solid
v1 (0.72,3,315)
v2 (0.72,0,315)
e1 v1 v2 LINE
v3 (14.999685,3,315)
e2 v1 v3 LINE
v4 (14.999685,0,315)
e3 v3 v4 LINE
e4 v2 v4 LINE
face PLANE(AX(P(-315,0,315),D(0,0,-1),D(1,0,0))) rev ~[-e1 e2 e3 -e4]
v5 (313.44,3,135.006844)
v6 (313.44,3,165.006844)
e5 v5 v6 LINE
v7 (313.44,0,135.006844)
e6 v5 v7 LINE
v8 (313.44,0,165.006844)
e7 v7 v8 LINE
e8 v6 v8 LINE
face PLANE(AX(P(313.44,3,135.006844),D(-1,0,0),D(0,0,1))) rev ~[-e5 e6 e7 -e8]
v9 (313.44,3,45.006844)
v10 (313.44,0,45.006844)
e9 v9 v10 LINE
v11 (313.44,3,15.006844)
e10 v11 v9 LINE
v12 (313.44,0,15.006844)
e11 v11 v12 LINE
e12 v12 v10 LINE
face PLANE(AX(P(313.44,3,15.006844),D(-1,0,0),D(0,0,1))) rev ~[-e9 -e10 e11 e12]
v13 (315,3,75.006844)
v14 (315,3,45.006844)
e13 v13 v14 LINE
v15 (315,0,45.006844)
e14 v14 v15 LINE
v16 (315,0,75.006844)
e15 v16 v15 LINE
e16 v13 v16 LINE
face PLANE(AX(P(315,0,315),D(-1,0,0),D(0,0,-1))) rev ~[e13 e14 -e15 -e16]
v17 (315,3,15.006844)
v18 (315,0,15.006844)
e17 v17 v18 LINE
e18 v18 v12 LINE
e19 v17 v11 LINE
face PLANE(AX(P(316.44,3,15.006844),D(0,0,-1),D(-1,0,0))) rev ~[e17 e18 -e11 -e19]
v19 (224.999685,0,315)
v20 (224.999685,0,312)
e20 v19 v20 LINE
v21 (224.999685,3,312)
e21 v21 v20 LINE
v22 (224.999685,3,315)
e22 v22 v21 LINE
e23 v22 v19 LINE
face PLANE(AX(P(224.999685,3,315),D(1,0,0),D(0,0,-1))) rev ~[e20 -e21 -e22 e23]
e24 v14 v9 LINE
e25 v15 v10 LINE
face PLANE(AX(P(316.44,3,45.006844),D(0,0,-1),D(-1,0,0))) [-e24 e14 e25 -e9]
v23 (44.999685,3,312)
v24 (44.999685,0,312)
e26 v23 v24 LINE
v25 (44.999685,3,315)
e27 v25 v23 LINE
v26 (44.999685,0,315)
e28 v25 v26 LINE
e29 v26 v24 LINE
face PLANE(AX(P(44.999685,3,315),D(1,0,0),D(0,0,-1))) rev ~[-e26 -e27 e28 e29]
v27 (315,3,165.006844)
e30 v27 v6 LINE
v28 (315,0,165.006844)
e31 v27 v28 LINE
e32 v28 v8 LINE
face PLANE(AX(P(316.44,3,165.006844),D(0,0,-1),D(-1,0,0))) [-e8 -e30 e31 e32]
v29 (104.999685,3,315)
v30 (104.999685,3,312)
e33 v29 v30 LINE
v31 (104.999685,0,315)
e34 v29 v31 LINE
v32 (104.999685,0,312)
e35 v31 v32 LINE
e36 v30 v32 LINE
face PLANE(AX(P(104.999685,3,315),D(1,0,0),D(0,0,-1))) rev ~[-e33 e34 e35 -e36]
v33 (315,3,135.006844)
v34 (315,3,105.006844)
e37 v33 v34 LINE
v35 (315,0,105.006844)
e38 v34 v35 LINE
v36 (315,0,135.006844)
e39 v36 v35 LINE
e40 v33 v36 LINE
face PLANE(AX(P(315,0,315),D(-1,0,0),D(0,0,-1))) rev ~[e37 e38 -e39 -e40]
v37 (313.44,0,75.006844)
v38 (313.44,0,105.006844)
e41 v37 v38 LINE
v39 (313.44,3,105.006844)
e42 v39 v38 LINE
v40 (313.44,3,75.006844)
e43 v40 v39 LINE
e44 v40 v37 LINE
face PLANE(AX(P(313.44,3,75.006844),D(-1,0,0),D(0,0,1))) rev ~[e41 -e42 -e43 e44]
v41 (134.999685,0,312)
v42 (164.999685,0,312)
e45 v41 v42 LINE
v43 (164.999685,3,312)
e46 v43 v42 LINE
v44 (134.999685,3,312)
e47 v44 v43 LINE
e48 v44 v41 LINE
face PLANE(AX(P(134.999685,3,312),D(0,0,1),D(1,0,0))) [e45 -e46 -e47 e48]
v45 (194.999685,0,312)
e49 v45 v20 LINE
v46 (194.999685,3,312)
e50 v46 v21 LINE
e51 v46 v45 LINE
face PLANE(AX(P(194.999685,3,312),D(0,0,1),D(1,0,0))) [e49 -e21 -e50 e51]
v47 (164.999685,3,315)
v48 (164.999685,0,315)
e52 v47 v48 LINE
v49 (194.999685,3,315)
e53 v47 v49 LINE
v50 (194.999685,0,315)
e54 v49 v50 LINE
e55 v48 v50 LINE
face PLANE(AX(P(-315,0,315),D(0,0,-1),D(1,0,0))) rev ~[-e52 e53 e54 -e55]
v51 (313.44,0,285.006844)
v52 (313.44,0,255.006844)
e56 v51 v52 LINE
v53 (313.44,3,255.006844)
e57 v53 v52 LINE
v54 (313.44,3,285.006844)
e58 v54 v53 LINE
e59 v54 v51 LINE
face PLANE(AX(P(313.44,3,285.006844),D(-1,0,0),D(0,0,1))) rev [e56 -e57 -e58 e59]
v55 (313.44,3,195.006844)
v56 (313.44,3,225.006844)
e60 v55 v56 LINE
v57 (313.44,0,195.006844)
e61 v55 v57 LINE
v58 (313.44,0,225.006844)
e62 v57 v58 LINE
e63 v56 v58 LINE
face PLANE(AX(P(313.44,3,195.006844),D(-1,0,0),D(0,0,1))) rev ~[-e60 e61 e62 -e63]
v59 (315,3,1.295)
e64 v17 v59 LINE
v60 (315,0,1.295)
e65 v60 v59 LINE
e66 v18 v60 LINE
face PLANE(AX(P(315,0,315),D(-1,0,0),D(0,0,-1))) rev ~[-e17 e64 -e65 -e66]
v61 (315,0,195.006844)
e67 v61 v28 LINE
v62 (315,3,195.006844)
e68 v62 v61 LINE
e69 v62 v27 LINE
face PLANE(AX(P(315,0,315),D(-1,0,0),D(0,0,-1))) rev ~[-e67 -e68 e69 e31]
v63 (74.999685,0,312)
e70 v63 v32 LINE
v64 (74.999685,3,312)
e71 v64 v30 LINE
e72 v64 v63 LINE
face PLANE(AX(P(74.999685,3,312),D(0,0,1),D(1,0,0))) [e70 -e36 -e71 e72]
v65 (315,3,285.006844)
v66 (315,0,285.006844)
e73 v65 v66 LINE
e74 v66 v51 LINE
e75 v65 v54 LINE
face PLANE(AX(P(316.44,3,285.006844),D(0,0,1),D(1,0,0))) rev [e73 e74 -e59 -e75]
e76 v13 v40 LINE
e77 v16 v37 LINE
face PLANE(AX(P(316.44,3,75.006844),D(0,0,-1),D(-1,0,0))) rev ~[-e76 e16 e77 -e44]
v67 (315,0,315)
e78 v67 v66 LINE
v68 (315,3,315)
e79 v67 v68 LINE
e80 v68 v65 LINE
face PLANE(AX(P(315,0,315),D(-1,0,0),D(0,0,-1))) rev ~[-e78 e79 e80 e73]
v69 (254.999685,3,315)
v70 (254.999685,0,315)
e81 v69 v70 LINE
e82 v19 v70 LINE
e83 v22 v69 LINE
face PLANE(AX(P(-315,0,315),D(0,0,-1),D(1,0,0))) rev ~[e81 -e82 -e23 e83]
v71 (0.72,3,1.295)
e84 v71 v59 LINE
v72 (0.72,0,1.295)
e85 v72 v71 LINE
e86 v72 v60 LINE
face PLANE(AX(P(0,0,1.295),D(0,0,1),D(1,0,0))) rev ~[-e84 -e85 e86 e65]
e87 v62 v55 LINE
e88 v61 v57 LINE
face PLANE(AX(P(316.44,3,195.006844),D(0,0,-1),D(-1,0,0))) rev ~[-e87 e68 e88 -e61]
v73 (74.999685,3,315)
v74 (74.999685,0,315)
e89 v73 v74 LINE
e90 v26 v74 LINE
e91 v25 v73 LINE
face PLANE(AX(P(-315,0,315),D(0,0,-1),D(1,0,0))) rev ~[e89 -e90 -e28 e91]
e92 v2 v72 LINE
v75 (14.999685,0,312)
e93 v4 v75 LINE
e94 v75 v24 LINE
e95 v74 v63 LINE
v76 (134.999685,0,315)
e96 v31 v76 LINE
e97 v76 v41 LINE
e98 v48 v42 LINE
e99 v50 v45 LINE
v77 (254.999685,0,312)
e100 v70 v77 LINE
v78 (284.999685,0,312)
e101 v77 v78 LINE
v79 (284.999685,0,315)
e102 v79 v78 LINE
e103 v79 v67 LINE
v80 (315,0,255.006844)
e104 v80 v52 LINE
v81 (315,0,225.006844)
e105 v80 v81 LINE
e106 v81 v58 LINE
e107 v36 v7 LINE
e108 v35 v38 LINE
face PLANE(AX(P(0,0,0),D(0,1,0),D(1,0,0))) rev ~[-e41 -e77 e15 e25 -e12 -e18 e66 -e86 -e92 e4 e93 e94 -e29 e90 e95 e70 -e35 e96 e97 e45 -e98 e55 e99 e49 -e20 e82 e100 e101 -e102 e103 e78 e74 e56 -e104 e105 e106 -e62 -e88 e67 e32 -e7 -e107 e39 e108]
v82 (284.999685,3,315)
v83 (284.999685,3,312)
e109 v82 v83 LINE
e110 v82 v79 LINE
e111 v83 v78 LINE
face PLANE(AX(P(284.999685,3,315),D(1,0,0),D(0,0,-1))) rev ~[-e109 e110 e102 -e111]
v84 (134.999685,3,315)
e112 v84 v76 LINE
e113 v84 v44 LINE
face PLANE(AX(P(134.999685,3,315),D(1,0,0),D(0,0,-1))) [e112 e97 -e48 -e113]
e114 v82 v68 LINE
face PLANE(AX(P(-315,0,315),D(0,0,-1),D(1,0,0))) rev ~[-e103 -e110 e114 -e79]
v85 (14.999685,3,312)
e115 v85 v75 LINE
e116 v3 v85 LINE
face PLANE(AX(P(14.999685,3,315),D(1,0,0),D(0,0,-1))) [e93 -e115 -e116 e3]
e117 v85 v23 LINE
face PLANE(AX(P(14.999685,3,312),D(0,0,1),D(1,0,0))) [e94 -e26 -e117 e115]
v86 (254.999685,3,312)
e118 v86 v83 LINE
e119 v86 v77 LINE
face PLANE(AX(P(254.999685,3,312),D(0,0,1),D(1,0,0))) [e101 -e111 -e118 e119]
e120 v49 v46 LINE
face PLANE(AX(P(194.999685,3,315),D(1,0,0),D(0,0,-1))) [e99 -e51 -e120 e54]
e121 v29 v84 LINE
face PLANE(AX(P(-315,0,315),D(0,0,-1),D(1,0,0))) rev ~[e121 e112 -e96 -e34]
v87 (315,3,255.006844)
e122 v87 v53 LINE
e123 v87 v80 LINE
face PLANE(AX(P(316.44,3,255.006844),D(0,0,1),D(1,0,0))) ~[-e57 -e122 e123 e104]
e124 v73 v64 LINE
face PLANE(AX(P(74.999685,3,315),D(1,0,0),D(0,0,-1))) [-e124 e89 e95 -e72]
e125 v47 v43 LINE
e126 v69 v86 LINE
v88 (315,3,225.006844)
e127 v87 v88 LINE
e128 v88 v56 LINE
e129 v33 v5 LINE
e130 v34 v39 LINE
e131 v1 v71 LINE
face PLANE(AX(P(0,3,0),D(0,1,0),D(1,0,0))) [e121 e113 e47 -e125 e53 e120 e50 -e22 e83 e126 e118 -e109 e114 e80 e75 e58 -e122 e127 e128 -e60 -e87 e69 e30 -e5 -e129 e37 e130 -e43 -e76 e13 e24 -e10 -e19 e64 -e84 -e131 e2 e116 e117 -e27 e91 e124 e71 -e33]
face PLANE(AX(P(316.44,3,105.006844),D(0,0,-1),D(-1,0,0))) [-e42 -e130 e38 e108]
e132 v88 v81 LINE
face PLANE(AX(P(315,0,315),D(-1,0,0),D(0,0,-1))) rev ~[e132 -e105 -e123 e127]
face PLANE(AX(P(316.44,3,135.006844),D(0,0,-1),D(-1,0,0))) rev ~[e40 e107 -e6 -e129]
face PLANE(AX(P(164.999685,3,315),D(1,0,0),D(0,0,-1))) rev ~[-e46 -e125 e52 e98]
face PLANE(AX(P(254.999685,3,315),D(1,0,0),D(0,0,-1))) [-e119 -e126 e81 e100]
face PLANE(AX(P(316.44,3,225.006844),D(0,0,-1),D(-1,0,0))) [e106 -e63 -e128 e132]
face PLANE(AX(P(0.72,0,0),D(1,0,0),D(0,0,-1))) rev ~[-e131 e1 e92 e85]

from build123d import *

# Parameters (mm, degrees)
SKETCH1_W               = 630
SKETCH1_H               = 630
BOSS_EXTRUDE1_DEPTH     = 3
SKETCH3_W               = 3
SKETCH3_H               = 30
CUT_EXTRUDE2_DEPTH      = 3
LPATTERN2_COUNT         = 10
LPATTERN2_PITCH         = 60
MIRROR1_COPY_1_SKETCH_W = 3
MIRROR1_COPY_1_SKETCH_H = 30
MIRROR1_COPY_1_DEPTH    = 3
MIRROR1_COPY_2_SKETCH_W = 3
MIRROR1_COPY_2_SKETCH_H = 30
MIRROR1_COPY_2_DEPTH    = 3
MIRROR1_COPY_3_SKETCH_W = 3
MIRROR1_COPY_3_SKETCH_H = 30
MIRROR1_COPY_3_DEPTH    = 3
MIRROR1_COPY_4_SKETCH_W = 3
MIRROR1_COPY_4_SKETCH_H = 30
MIRROR1_COPY_4_DEPTH    = 3
MIRROR1_COPY_5_SKETCH_W = 3
MIRROR1_COPY_5_SKETCH_H = 30
MIRROR1_COPY_5_DEPTH    = 3
MIRROR1_COPY_6_SKETCH_W = 3
MIRROR1_COPY_6_SKETCH_H = 30
MIRROR1_COPY_6_DEPTH    = 3
MIRROR1_COPY_7_SKETCH_W = 3
MIRROR1_COPY_7_SKETCH_H = 30
MIRROR1_COPY_7_DEPTH    = 3
MIRROR1_COPY_8_SKETCH_W = 3
MIRROR1_COPY_8_SKETCH_H = 30
MIRROR1_COPY_8_DEPTH    = 3
MIRROR1_COPY_9_SKETCH_W = 3
MIRROR1_COPY_9_SKETCH_H = 30
MIRROR1_COPY_9_DEPTH    = 3
SKETCH5_W               = 30
SKETCH5_H               = 3
CUT_EXTRUDE3_DEPTH      = 3
LPATTERN3_COUNT         = 10
LPATTERN3_PITCH         = 60
MIRROR2_COPY_1_SKETCH_W = 30
MIRROR2_COPY_1_SKETCH_H = 3
MIRROR2_COPY_1_DEPTH    = 3
MIRROR2_COPY_2_SKETCH_W = 30
MIRROR2_COPY_2_SKETCH_H = 3
MIRROR2_COPY_2_DEPTH    = 3
MIRROR2_COPY_3_SKETCH_W = 30
MIRROR2_COPY_3_SKETCH_H = 3
MIRROR2_COPY_3_DEPTH    = 3
MIRROR2_COPY_4_SKETCH_W = 30
MIRROR2_COPY_4_SKETCH_H = 3
MIRROR2_COPY_4_DEPTH    = 3
MIRROR2_COPY_5_SKETCH_W = 30
MIRROR2_COPY_5_SKETCH_H = 3
MIRROR2_COPY_5_DEPTH    = 3
MIRROR2_COPY_6_SKETCH_W = 30
MIRROR2_COPY_6_SKETCH_H = 3
MIRROR2_COPY_6_DEPTH    = 3
MIRROR2_COPY_7_SKETCH_W = 30
MIRROR2_COPY_7_SKETCH_H = 3
MIRROR2_COPY_7_DEPTH    = 3
MIRROR2_COPY_8_SKETCH_W = 30
MIRROR2_COPY_8_SKETCH_H = 3
MIRROR2_COPY_8_DEPTH    = 3
MIRROR2_COPY_9_SKETCH_W = 30
MIRROR2_COPY_9_SKETCH_H = 3
MIRROR2_COPY_9_DEPTH    = 3


with BuildPart() as part:
    # Sketch1 → Boss-Extrude1 (new body)
    with BuildSketch(Plane(origin=(0, 0, 0), x_dir=(1, 0, 0), z_dir=(0, 1, 0))):
        Rectangle(SKETCH1_W, SKETCH1_H)
    extrude(amount=BOSS_EXTRUDE1_DEPTH)

    # Sketch3 → Cut-Extrude2 (cut)
    with BuildSketch(Plane(origin=(0, 3, 0), x_dir=(1, 0, 0), z_dir=(0, 1, 0))):
        with Locations((-313.5, -270.006843512)):
            Rectangle(SKETCH3_W, SKETCH3_H)
    cut_extrude2 = extrude(amount=-CUT_EXTRUDE2_DEPTH, mode=Mode.SUBTRACT)

    # LPattern2: Cut-Extrude2 ×10
    with Locations(*[(0, 0, -i * LPATTERN2_PITCH) for i in range(1, LPATTERN2_COUNT)]):
        add(cut_extrude2, mode=Mode.SUBTRACT)

    # Mirror1: Cut-Extrude2 across plane
    add(cut_extrude2.mirror(Plane(origin=(0.72, 0, 0), x_dir=(0, 0, 1), z_dir=(1, 0, 0))), mode=Mode.SUBTRACT)

    # Mirror1 copy 1 sketch → Mirror1 copy 1 (cut)
    with BuildSketch(Plane(origin=(1.44, 3, -60), x_dir=(-1, 0, 0), z_dir=(0, 1, 0))):
        with Locations((-313.5, 270.006843512)):
            Rectangle(MIRROR1_COPY_1_SKETCH_W, MIRROR1_COPY_1_SKETCH_H)
    extrude(amount=-MIRROR1_COPY_1_DEPTH, mode=Mode.SUBTRACT)

    # Mirror1 copy 2 sketch → Mirror1 copy 2 (cut)
    with BuildSketch(Plane(origin=(1.44, 3, -120), x_dir=(-1, 0, 0), z_dir=(0, 1, 0))):
        with Locations((-313.5, 270.006843512)):
            Rectangle(MIRROR1_COPY_2_SKETCH_W, MIRROR1_COPY_2_SKETCH_H)
    extrude(amount=-MIRROR1_COPY_2_DEPTH, mode=Mode.SUBTRACT)

    # Mirror1 copy 3 sketch → Mirror1 copy 3 (cut)
    with BuildSketch(Plane(origin=(1.44, 3, -180), x_dir=(-1, 0, 0), z_dir=(0, 1, 0))):
        with Locations((-313.5, 270.006843512)):
            Rectangle(MIRROR1_COPY_3_SKETCH_W, MIRROR1_COPY_3_SKETCH_H)
    extrude(amount=-MIRROR1_COPY_3_DEPTH, mode=Mode.SUBTRACT)

    # Mirror1 copy 4 sketch → Mirror1 copy 4 (cut)
    with BuildSketch(Plane(origin=(1.44, 3, -240), x_dir=(-1, 0, 0), z_dir=(0, 1, 0))):
        with Locations((-313.5, 270.006843512)):
            Rectangle(MIRROR1_COPY_4_SKETCH_W, MIRROR1_COPY_4_SKETCH_H)
    extrude(amount=-MIRROR1_COPY_4_DEPTH, mode=Mode.SUBTRACT)

    # Mirror1 copy 5 sketch → Mirror1 copy 5 (cut)
    with BuildSketch(Plane(origin=(1.44, 3, -300), x_dir=(-1, 0, 0), z_dir=(0, 1, 0))):
        with Locations((-313.5, 270.006843512)):
            Rectangle(MIRROR1_COPY_5_SKETCH_W, MIRROR1_COPY_5_SKETCH_H)
    extrude(amount=-MIRROR1_COPY_5_DEPTH, mode=Mode.SUBTRACT)

    # Mirror1 copy 6 sketch → Mirror1 copy 6 (cut)
    with BuildSketch(Plane(origin=(1.44, 3, -360), x_dir=(-1, 0, 0), z_dir=(0, 1, 0))):
        with Locations((-313.5, 270.006843512)):
            Rectangle(MIRROR1_COPY_6_SKETCH_W, MIRROR1_COPY_6_SKETCH_H)
    extrude(amount=-MIRROR1_COPY_6_DEPTH, mode=Mode.SUBTRACT)

    # Mirror1 copy 7 sketch → Mirror1 copy 7 (cut)
    with BuildSketch(Plane(origin=(1.44, 3, -420), x_dir=(-1, 0, 0), z_dir=(0, 1, 0))):
        with Locations((-313.5, 270.006843512)):
            Rectangle(MIRROR1_COPY_7_SKETCH_W, MIRROR1_COPY_7_SKETCH_H)
    extrude(amount=-MIRROR1_COPY_7_DEPTH, mode=Mode.SUBTRACT)

    # Mirror1 copy 8 sketch → Mirror1 copy 8 (cut)
    with BuildSketch(Plane(origin=(1.44, 3, -480), x_dir=(-1, 0, 0), z_dir=(0, 1, 0))):
        with Locations((-313.5, 270.006843512)):
            Rectangle(MIRROR1_COPY_8_SKETCH_W, MIRROR1_COPY_8_SKETCH_H)
    extrude(amount=-MIRROR1_COPY_8_DEPTH, mode=Mode.SUBTRACT)

    # Mirror1 copy 9 sketch → Mirror1 copy 9 (cut)
    with BuildSketch(Plane(origin=(1.44, 3, -540), x_dir=(-1, 0, 0), z_dir=(0, 1, 0))):
        with Locations((-313.5, 270.006843512)):
            Rectangle(MIRROR1_COPY_9_SKETCH_W, MIRROR1_COPY_9_SKETCH_H)
    extrude(amount=-MIRROR1_COPY_9_DEPTH, mode=Mode.SUBTRACT)

    # Sketch5 → Cut-Extrude3 (cut)
    with BuildSketch(Plane(origin=(0, 3, 0), x_dir=(1, 0, 0), z_dir=(0, 1, 0))):
        with Locations((-270.000314512, -313.5)):
            Rectangle(SKETCH5_W, SKETCH5_H)
    cut_extrude3 = extrude(amount=-CUT_EXTRUDE3_DEPTH, mode=Mode.SUBTRACT)

    # LPattern3: Cut-Extrude3 ×10
    with Locations(*[(i * LPATTERN3_PITCH, 0, 0) for i in range(1, LPATTERN3_COUNT)]):
        add(cut_extrude3, mode=Mode.SUBTRACT)

    # Mirror2: Cut-Extrude3 across plane
    add(cut_extrude3.mirror(Plane.XY.offset(1.295)), mode=Mode.SUBTRACT)

    # Mirror2 copy 1 sketch → Mirror2 copy 1 (cut)
    with BuildSketch(Plane(origin=(60, 3, 2.59), x_dir=(1, 0, 0), z_dir=(0, 1, 0))):
        with Locations((-270.000314512, 313.5)):
            Rectangle(MIRROR2_COPY_1_SKETCH_W, MIRROR2_COPY_1_SKETCH_H)
    extrude(amount=-MIRROR2_COPY_1_DEPTH, mode=Mode.SUBTRACT)

    # Mirror2 copy 2 sketch → Mirror2 copy 2 (cut)
    with BuildSketch(Plane(origin=(120, 3, 2.59), x_dir=(1, 0, 0), z_dir=(0, 1, 0))):
        with Locations((-270.000314512, 313.5)):
            Rectangle(MIRROR2_COPY_2_SKETCH_W, MIRROR2_COPY_2_SKETCH_H)
    extrude(amount=-MIRROR2_COPY_2_DEPTH, mode=Mode.SUBTRACT)

    # Mirror2 copy 3 sketch → Mirror2 copy 3 (cut)
    with BuildSketch(Plane(origin=(180, 3, 2.59), x_dir=(1, 0, 0), z_dir=(0, 1, 0))):
        with Locations((-270.000314512, 313.5)):
            Rectangle(MIRROR2_COPY_3_SKETCH_W, MIRROR2_COPY_3_SKETCH_H)
    extrude(amount=-MIRROR2_COPY_3_DEPTH, mode=Mode.SUBTRACT)

    # Mirror2 copy 4 sketch → Mirror2 copy 4 (cut)
    with BuildSketch(Plane(origin=(240, 3, 2.59), x_dir=(1, 0, 0), z_dir=(0, 1, 0))):
        with Locations((-270.000314512, 313.5)):
            Rectangle(MIRROR2_COPY_4_SKETCH_W, MIRROR2_COPY_4_SKETCH_H)
    extrude(amount=-MIRROR2_COPY_4_DEPTH, mode=Mode.SUBTRACT)

    # Mirror2 copy 5 sketch → Mirror2 copy 5 (cut)
    with BuildSketch(Plane(origin=(300, 3, 2.59), x_dir=(1, 0, 0), z_dir=(0, 1, 0))):
        with Locations((-270.000314512, 313.5)):
            Rectangle(MIRROR2_COPY_5_SKETCH_W, MIRROR2_COPY_5_SKETCH_H)
    extrude(amount=-MIRROR2_COPY_5_DEPTH, mode=Mode.SUBTRACT)

    # Mirror2 copy 6 sketch → Mirror2 copy 6 (cut)
    with BuildSketch(Plane(origin=(360, 3, 2.59), x_dir=(1, 0, 0), z_dir=(0, 1, 0))):
        with Locations((-270.000314512, 313.5)):
            Rectangle(MIRROR2_COPY_6_SKETCH_W, MIRROR2_COPY_6_SKETCH_H)
    extrude(amount=-MIRROR2_COPY_6_DEPTH, mode=Mode.SUBTRACT)

    # Mirror2 copy 7 sketch → Mirror2 copy 7 (cut)
    with BuildSketch(Plane(origin=(420, 3, 2.59), x_dir=(1, 0, 0), z_dir=(0, 1, 0))):
        with Locations((-270.000314512, 313.5)):
            Rectangle(MIRROR2_COPY_7_SKETCH_W, MIRROR2_COPY_7_SKETCH_H)
    extrude(amount=-MIRROR2_COPY_7_DEPTH, mode=Mode.SUBTRACT)

    # Mirror2 copy 8 sketch → Mirror2 copy 8 (cut)
    with BuildSketch(Plane(origin=(480, 3, 2.59), x_dir=(1, 0, 0), z_dir=(0, 1, 0))):
        with Locations((-270.000314512, 313.5)):
            Rectangle(MIRROR2_COPY_8_SKETCH_W, MIRROR2_COPY_8_SKETCH_H)
    extrude(amount=-MIRROR2_COPY_8_DEPTH, mode=Mode.SUBTRACT)

    # Mirror2 copy 9 sketch → Mirror2 copy 9 (cut)
    with BuildSketch(Plane(origin=(540, 3, 2.59), x_dir=(1, 0, 0), z_dir=(0, 1, 0))):
        with Locations((-270.000314512, 313.5)):
            Rectangle(MIRROR2_COPY_9_SKETCH_W, MIRROR2_COPY_9_SKETCH_H)
    extrude(amount=-MIRROR2_COPY_9_DEPTH, mode=Mode.SUBTRACT)

    # SurfaceCut1
    split(bisect_by=Plane.XY.offset(1.295), keep=Keep.TOP)

    # SurfaceCut2
    split(bisect_by=Plane(origin=(0.72, 0, 0), x_dir=(0, 0, -1), z_dir=(1, 0, 0)), keep=Keep.TOP)


solid = part.part
